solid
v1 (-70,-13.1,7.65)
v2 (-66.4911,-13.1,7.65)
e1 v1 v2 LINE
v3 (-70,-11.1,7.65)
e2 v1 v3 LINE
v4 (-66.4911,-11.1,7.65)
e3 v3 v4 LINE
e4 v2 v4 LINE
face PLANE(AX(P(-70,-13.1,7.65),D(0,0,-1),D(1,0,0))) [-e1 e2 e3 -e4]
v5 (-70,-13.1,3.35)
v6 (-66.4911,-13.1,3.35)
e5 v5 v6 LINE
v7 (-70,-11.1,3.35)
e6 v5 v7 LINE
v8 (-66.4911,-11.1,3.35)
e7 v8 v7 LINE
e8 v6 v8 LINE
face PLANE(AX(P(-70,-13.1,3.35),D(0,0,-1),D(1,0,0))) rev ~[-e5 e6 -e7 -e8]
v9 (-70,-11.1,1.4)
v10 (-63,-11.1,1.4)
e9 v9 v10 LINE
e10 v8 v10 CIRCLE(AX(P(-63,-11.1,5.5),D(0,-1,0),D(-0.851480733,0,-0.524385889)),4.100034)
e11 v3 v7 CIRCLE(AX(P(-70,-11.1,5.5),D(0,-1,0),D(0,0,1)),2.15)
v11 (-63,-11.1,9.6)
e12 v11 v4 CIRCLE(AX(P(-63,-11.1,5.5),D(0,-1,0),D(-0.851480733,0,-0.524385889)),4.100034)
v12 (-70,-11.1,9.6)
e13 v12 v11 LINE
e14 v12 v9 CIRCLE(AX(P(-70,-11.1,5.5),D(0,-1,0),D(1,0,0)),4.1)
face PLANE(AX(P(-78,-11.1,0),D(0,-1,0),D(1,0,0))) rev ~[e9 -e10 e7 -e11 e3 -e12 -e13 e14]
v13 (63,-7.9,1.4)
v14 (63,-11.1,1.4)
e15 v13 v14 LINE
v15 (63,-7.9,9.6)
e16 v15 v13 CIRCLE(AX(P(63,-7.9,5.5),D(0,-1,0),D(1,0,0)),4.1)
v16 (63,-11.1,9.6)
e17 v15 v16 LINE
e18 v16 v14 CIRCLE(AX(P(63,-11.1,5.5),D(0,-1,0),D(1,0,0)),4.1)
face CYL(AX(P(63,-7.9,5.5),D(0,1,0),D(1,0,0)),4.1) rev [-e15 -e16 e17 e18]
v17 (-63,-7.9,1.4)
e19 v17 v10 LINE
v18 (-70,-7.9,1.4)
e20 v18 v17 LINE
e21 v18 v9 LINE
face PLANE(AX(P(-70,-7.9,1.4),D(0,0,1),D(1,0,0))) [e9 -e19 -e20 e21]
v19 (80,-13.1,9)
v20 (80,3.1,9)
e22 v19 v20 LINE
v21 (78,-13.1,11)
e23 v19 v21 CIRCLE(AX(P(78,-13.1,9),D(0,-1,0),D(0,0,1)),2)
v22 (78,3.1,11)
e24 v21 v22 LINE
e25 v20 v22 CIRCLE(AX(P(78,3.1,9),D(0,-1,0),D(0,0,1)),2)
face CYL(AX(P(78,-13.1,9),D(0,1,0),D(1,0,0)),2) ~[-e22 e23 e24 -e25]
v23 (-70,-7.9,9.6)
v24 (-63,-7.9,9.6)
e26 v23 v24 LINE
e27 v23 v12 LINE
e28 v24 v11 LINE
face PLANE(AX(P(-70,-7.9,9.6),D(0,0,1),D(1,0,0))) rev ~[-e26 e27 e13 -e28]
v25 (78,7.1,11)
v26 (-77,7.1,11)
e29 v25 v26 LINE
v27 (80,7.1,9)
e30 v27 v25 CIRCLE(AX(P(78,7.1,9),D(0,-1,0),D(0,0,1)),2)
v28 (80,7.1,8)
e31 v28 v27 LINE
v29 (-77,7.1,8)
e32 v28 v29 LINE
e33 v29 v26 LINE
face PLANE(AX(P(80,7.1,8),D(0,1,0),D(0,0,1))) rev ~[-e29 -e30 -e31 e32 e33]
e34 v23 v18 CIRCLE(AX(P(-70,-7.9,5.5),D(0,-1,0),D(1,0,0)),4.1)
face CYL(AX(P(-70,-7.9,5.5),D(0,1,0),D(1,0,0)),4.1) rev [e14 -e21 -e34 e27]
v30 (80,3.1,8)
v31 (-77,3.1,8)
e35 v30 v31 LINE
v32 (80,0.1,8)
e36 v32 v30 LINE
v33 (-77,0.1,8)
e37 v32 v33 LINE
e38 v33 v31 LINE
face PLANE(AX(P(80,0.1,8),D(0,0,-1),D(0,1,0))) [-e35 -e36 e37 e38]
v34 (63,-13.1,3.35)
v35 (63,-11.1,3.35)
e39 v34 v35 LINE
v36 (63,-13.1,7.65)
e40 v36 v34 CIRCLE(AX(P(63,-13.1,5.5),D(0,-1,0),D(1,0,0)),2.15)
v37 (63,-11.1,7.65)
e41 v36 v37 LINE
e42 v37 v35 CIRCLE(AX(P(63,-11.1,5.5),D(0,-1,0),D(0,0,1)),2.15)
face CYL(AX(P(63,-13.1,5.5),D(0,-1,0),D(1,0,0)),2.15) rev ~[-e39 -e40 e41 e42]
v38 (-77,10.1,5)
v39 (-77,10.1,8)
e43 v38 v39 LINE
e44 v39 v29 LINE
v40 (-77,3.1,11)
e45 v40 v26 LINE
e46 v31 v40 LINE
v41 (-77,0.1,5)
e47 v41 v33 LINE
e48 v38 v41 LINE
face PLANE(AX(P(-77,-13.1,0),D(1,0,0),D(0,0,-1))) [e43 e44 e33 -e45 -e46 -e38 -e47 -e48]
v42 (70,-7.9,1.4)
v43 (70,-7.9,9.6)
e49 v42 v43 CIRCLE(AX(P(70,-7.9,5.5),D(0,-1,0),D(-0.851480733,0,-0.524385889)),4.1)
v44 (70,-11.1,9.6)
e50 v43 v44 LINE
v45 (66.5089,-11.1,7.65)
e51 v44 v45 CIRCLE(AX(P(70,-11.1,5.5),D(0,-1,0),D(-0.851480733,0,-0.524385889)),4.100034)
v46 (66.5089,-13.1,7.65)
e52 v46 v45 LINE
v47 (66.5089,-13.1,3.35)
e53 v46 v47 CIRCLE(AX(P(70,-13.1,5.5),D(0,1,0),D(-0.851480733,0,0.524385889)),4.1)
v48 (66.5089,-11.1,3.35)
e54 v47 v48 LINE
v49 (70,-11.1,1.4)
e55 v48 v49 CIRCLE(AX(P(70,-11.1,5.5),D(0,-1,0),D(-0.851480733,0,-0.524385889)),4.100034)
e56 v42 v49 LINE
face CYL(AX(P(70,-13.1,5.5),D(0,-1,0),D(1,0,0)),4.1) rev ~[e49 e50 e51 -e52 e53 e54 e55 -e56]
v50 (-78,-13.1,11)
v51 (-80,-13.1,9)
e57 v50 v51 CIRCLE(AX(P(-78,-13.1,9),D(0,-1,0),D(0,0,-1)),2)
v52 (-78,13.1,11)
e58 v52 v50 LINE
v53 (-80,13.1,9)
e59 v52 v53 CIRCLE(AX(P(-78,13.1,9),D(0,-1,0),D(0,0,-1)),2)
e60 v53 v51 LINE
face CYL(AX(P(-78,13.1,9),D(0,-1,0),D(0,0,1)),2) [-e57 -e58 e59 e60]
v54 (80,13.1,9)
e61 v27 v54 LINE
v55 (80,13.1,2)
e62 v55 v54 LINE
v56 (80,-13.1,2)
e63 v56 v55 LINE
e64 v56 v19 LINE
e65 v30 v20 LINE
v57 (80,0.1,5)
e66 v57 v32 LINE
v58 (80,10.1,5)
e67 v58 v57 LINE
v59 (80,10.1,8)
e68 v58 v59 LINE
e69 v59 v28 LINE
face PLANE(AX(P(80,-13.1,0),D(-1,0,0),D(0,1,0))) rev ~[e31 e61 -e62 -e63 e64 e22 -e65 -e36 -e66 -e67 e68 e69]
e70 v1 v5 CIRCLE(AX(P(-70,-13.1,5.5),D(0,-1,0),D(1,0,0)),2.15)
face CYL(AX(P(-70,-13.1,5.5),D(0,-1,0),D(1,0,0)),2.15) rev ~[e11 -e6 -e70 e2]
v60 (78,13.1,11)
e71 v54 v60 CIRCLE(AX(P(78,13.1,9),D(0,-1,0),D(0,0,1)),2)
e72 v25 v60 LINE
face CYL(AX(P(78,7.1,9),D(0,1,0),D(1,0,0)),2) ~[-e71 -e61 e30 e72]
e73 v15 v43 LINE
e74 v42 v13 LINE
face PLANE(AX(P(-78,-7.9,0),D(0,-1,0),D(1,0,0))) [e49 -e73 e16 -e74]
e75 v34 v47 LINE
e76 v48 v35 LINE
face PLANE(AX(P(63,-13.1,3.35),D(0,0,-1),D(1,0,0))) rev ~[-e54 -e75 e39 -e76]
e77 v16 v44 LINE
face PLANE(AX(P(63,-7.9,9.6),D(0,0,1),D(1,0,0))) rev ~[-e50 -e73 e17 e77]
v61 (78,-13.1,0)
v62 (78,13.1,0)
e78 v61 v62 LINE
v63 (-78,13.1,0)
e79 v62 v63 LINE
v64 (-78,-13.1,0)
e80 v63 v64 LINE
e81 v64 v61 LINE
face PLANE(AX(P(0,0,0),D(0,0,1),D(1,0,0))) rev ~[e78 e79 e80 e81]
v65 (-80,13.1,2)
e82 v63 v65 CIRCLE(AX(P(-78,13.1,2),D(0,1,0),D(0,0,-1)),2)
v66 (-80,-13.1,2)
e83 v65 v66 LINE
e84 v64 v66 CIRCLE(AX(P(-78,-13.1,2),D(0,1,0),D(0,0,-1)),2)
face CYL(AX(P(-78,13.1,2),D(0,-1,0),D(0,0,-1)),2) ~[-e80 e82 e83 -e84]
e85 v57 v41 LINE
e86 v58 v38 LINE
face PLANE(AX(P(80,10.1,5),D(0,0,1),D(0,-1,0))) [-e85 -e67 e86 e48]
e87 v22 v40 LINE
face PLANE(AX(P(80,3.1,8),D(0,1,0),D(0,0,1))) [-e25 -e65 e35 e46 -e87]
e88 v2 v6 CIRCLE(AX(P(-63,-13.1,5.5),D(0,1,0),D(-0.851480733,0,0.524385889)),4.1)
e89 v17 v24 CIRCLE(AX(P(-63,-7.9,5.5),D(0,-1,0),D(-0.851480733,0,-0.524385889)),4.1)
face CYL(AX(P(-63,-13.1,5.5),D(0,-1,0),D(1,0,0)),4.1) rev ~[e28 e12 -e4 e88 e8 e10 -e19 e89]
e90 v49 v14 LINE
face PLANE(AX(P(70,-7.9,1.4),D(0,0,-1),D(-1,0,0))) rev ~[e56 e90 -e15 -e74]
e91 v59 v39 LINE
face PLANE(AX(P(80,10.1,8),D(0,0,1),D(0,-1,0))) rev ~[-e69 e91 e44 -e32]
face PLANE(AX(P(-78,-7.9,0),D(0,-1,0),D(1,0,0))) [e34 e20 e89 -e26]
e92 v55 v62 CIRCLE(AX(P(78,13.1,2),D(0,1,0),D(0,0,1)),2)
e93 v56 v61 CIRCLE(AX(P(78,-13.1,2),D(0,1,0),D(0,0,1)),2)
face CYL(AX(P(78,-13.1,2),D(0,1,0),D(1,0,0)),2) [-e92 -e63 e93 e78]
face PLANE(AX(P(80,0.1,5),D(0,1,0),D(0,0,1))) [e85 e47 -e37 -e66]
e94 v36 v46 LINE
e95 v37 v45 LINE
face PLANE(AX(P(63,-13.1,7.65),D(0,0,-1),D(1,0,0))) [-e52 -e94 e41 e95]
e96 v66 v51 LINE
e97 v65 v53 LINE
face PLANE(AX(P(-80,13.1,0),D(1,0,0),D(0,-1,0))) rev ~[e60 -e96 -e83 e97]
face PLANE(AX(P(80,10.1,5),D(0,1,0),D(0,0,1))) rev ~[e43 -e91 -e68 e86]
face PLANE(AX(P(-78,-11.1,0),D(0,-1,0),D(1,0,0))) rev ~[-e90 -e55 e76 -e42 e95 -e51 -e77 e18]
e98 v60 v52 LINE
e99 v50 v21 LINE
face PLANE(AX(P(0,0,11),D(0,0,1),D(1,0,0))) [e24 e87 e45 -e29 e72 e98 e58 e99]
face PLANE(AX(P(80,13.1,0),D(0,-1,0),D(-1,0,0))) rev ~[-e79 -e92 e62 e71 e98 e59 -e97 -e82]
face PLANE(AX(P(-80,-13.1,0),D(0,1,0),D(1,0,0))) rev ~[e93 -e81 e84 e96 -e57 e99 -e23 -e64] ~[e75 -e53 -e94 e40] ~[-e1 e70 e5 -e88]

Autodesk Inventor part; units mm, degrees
ref_plane "YZ Plane" through (0, 0, 0) normal (1, 0, 0) x (0, 1, 0)
ref_plane "XZ Plane" through (0, 0, 0) normal (0, 1, 0) x (-1, 0, 0)
ref_plane "XY Plane" through (0, 0, 0) normal (0, 0, 1) x (1, 0, 0)
sketch "Sketch1" plane through (0, 0, 0) normal (0, 0, 1) x (1, 0, 0)
  line L0 (80, 13.1) -> (-80, 13.1)
  line L1 (-80, 13.1) -> (-80, -13.1)
  line L2 (-80, -13.1) -> (80, -13.1)
  line L3 (80, -13.1) -> (80, 13.1)
  line L4 (80, 13.1) -> (-80, -13.1) construction
  line L5 (-80, 13.1) -> (80, -13.1) construction
  point P0 (0, 0)
  dimension "d0" = 160
  dimension "d1" = 26.2
extrude "Extrusion1" add sketch "Sketch1" along normal blind 11
sketch "Sketch2" plane through (80, -13.1, 0) normal (1, 0, 0) x (0, 0, -1)
  line L0 (0, 0) -> (0, 26.2) projected
  line L1 (0, 26.2) -> (-11, 26.2) projected
  line L2 (-11, 0) -> (-11, 26.2) projected
  line L3 (0, 0) -> (-11, 0) projected
  line L4 (-11, 26.2) -> (-11, 0) projected
  line L5 (-11, 26.2) -> (-5, 26.2)
  line L6 (-5, 26.2) -> (-5, 23.2)
  line L7 (-5, 23.2) -> (-11, 23.2)
  line L8 (-11, 23.2) -> (-11, 26.2)
  line L9 (-11, 23.2) -> (-8, 23.2)
  line L10 (-8, 23.2) -> (-8, 20.2)
  line L11 (-8, 20.2) -> (-11, 20.2)
  line L12 (-11, 20.2) -> (-11, 23.2)
  line L13 (-11, 26.2) -> (-5, 26.2)
  line L14 (-5, 26.2) -> (-5, 10.2)
  line L15 (-5, 10.2) -> (-11, 10.2)
  line L16 (-11, 10.2) -> (-11, 26.2)
  line L17 (-11, 10.2) -> (-5, 10.2)
  line L18 (-5, 10.2) -> (-5, 13.2)
  line L19 (-5, 13.2) -> (-11, 13.2)
  line L20 (-11, 13.2) -> (-11, 10.2)
  line L21 (-11, 13.2) -> (-8, 13.2)
  line L22 (-8, 13.2) -> (-8, 16.2)
  line L23 (-8, 16.2) -> (-11, 16.2)
  line L24 (-11, 16.2) -> (-11, 13.2)
  point P0 (0, 13.1)
  point P1 (-11, 20.2)
  dimension "d4" = 6
  dimension "d5" = 3
  dimension "d6" = 3
  dimension "d7" = 3
  dimension "d8" = 16
  dimension "d9" = 3
  dimension "d10" = 3
  dimension "d11" = 3
extrude "Extrusion2" cut sketch "Sketch2" against normal blind 157 contours L14 L19 L22 L23 L2 L11 L10 L7
fillet "Fillet1" radius 2 5 edges at (80, 10.1, 11) (80, -5, 11) (-80, 0, 11) (80, 0, 0) (-80, 0, 0)
sketch "Sketch4" plane through (-78, -13.1, 0) normal (0, -1, 0) x (1, 0, 0)
  arc A0 (-2, 2) -> (0, 0) centre (0, 2) ccw projected
  line L0 (0, 0) -> (156, 0) projected
  arc A1 (156, 0) -> (158, 2) centre (156, 2) ccw projected
  line L1 (158, 2) -> (158, 9) projected
  arc A2 (158, 9) -> (156, 11) centre (156, 9) ccw projected
  line L2 (0, 11) -> (156, 11) projected
  arc A3 (0, 11) -> (-2, 9) centre (0, 9) ccw projected
  line L3 (-2, 2) -> (-2, 9) projected
  circle A4 centre (148, 5.5) radius 4.1
  circle A5 centre (141, 5.5) radius 2.15
  line L4 (141, 7.65) -> (144.5089, 7.65)
  line L5 (141, 3.35) -> (144.5089, 3.35)
  circle A6 centre (15, 5.5) radius 4.1
  circle A7 centre (8, 5.5) radius 2.15
  line L6 (8, 3.35) -> (11.5089, 3.35)
  line L7 (8, 7.65) -> (11.5089, 7.65)
  point P0 (78, 0)
  point P1 (158, 5.5)
  point P2 (12.2407, 8.5325)
  point P3 (8.4381, 3.3951)
  point P4 (11.1965, 3.9692)
  point P5 (-2, 5.5)
  dimension "d19" = 8.2
  dimension "d20" = 4.3
  dimension "d21" = 7
  dimension "d22" = 0
  dimension "d23" = 10
  dimension "d24" = 8.2
  dimension "d25" = 4.3
  dimension "d26" = 7
  dimension "d27" = 10
  dimension "d28" = 0
  dimension "d40" = 0
extrude "Extrusion4" cut sketch "Sketch4" against normal blind 5.2 contours A4 | A4 L5 A5 L4 | A5 | A6 | A6 L6 A7 L7 | A7
sketch "Sketch5" plane through (-78, -13.1, 0) normal (0, -1, 0) x (1, 0, 0)
  arc A0 (8, 7.65) -> (8, 3.35) centre (8, 5.5) ccw projected
  arc A1 (11.5089, 3.35) -> (11.5089, 7.65) centre (15, 5.5) ccw projected
  arc A2 (141, 7.65) -> (141, 3.35) centre (141, 5.5) ccw projected
  line L0 (141, 7.65) -> (144.5089, 7.65) projected
  arc A3 (144.5089, 3.35) -> (144.5089, 7.65) centre (148, 5.5) ccw projected
  line L1 (144.5089, 3.35) -> (141, 3.35) projected
  arc A4 (-2, 2) -> (0, 0) centre (0, 2) ccw projected
  line L2 (0, 0) -> (156, 0) projected
  arc A5 (156, 0) -> (158, 2) centre (156, 2) ccw projected
  line L3 (158, 2) -> (158, 9) projected
  arc A6 (158, 9) -> (156, 11) centre (156, 9) ccw projected
  line L4 (0, 11) -> (156, 11) projected
  arc A7 (0, 11) -> (-2, 9) centre (0, 9) ccw projected
  line L5 (-2, 2) -> (-2, 9) projected
  circle A8 centre (8, 5.5) radius 4.1
  line L6 (8, 9.6) -> (15, 9.6)
  line L7 (8, 1.4) -> (15, 1.4)
  arc A9 (11.5089, 3.35) -> (11.5089, 7.65) centre (15, 5.5) ccw projected
  circle A10 centre (141, 5.5) radius 4.1
  line L8 (141, 9.6) -> (148, 9.6)
  line L9 (148, 1.4) -> (141, 1.4)
  line L10 (8, 7.65) -> (11.5089, 7.65) projected
  line L11 (11.5089, 3.35) -> (8, 3.35) projected
  arc A11 (8, 7.65) -> (8, 3.35) centre (8, 5.5) ccw projected
  point P0 (78, 0)
  point P1 (19.1, 5.5)
  point P2 (19.1, 5.5)
  point P3 (5.85, 5.5)
  point P4 (138.85, 5.5)
  point P5 (12.4867, 2.2607)
  point P6 (12.4867, 8.7393)
  point P7 (96.275, 2.2698)
  point P8 (96.275, 8.7302)
  point P9 (5.85, 5.5)
  point P10 (144.4911, 7.65)
  point P11 (144.4911, 3.35)
  point P12 (11.4911, 3.35)
  point P13 (11.4911, 7.65)
  dimension "d32" = 8.2
  dimension "d33" = 0
  dimension "d35" = 8.2
  dimension "d36" = 0
  dimension "d42" = 0
  dimension "d43" = 0
extrude "Extrusion5" cut sketch "Sketch5" along normal blind 3.2 from surface at -5.2 contours L10 A8 L11 A0 | A0 L11 A8 L10 | A8 L6 A1 L10 | L11 A1 L7 A8 | L0 A10 L1 A2 | A2 L1 A10 L0 | A10 L8 A3 L0 | L1 A3 L9 A10
properties part number "module-slot" material "PC/ABS Plastic"
